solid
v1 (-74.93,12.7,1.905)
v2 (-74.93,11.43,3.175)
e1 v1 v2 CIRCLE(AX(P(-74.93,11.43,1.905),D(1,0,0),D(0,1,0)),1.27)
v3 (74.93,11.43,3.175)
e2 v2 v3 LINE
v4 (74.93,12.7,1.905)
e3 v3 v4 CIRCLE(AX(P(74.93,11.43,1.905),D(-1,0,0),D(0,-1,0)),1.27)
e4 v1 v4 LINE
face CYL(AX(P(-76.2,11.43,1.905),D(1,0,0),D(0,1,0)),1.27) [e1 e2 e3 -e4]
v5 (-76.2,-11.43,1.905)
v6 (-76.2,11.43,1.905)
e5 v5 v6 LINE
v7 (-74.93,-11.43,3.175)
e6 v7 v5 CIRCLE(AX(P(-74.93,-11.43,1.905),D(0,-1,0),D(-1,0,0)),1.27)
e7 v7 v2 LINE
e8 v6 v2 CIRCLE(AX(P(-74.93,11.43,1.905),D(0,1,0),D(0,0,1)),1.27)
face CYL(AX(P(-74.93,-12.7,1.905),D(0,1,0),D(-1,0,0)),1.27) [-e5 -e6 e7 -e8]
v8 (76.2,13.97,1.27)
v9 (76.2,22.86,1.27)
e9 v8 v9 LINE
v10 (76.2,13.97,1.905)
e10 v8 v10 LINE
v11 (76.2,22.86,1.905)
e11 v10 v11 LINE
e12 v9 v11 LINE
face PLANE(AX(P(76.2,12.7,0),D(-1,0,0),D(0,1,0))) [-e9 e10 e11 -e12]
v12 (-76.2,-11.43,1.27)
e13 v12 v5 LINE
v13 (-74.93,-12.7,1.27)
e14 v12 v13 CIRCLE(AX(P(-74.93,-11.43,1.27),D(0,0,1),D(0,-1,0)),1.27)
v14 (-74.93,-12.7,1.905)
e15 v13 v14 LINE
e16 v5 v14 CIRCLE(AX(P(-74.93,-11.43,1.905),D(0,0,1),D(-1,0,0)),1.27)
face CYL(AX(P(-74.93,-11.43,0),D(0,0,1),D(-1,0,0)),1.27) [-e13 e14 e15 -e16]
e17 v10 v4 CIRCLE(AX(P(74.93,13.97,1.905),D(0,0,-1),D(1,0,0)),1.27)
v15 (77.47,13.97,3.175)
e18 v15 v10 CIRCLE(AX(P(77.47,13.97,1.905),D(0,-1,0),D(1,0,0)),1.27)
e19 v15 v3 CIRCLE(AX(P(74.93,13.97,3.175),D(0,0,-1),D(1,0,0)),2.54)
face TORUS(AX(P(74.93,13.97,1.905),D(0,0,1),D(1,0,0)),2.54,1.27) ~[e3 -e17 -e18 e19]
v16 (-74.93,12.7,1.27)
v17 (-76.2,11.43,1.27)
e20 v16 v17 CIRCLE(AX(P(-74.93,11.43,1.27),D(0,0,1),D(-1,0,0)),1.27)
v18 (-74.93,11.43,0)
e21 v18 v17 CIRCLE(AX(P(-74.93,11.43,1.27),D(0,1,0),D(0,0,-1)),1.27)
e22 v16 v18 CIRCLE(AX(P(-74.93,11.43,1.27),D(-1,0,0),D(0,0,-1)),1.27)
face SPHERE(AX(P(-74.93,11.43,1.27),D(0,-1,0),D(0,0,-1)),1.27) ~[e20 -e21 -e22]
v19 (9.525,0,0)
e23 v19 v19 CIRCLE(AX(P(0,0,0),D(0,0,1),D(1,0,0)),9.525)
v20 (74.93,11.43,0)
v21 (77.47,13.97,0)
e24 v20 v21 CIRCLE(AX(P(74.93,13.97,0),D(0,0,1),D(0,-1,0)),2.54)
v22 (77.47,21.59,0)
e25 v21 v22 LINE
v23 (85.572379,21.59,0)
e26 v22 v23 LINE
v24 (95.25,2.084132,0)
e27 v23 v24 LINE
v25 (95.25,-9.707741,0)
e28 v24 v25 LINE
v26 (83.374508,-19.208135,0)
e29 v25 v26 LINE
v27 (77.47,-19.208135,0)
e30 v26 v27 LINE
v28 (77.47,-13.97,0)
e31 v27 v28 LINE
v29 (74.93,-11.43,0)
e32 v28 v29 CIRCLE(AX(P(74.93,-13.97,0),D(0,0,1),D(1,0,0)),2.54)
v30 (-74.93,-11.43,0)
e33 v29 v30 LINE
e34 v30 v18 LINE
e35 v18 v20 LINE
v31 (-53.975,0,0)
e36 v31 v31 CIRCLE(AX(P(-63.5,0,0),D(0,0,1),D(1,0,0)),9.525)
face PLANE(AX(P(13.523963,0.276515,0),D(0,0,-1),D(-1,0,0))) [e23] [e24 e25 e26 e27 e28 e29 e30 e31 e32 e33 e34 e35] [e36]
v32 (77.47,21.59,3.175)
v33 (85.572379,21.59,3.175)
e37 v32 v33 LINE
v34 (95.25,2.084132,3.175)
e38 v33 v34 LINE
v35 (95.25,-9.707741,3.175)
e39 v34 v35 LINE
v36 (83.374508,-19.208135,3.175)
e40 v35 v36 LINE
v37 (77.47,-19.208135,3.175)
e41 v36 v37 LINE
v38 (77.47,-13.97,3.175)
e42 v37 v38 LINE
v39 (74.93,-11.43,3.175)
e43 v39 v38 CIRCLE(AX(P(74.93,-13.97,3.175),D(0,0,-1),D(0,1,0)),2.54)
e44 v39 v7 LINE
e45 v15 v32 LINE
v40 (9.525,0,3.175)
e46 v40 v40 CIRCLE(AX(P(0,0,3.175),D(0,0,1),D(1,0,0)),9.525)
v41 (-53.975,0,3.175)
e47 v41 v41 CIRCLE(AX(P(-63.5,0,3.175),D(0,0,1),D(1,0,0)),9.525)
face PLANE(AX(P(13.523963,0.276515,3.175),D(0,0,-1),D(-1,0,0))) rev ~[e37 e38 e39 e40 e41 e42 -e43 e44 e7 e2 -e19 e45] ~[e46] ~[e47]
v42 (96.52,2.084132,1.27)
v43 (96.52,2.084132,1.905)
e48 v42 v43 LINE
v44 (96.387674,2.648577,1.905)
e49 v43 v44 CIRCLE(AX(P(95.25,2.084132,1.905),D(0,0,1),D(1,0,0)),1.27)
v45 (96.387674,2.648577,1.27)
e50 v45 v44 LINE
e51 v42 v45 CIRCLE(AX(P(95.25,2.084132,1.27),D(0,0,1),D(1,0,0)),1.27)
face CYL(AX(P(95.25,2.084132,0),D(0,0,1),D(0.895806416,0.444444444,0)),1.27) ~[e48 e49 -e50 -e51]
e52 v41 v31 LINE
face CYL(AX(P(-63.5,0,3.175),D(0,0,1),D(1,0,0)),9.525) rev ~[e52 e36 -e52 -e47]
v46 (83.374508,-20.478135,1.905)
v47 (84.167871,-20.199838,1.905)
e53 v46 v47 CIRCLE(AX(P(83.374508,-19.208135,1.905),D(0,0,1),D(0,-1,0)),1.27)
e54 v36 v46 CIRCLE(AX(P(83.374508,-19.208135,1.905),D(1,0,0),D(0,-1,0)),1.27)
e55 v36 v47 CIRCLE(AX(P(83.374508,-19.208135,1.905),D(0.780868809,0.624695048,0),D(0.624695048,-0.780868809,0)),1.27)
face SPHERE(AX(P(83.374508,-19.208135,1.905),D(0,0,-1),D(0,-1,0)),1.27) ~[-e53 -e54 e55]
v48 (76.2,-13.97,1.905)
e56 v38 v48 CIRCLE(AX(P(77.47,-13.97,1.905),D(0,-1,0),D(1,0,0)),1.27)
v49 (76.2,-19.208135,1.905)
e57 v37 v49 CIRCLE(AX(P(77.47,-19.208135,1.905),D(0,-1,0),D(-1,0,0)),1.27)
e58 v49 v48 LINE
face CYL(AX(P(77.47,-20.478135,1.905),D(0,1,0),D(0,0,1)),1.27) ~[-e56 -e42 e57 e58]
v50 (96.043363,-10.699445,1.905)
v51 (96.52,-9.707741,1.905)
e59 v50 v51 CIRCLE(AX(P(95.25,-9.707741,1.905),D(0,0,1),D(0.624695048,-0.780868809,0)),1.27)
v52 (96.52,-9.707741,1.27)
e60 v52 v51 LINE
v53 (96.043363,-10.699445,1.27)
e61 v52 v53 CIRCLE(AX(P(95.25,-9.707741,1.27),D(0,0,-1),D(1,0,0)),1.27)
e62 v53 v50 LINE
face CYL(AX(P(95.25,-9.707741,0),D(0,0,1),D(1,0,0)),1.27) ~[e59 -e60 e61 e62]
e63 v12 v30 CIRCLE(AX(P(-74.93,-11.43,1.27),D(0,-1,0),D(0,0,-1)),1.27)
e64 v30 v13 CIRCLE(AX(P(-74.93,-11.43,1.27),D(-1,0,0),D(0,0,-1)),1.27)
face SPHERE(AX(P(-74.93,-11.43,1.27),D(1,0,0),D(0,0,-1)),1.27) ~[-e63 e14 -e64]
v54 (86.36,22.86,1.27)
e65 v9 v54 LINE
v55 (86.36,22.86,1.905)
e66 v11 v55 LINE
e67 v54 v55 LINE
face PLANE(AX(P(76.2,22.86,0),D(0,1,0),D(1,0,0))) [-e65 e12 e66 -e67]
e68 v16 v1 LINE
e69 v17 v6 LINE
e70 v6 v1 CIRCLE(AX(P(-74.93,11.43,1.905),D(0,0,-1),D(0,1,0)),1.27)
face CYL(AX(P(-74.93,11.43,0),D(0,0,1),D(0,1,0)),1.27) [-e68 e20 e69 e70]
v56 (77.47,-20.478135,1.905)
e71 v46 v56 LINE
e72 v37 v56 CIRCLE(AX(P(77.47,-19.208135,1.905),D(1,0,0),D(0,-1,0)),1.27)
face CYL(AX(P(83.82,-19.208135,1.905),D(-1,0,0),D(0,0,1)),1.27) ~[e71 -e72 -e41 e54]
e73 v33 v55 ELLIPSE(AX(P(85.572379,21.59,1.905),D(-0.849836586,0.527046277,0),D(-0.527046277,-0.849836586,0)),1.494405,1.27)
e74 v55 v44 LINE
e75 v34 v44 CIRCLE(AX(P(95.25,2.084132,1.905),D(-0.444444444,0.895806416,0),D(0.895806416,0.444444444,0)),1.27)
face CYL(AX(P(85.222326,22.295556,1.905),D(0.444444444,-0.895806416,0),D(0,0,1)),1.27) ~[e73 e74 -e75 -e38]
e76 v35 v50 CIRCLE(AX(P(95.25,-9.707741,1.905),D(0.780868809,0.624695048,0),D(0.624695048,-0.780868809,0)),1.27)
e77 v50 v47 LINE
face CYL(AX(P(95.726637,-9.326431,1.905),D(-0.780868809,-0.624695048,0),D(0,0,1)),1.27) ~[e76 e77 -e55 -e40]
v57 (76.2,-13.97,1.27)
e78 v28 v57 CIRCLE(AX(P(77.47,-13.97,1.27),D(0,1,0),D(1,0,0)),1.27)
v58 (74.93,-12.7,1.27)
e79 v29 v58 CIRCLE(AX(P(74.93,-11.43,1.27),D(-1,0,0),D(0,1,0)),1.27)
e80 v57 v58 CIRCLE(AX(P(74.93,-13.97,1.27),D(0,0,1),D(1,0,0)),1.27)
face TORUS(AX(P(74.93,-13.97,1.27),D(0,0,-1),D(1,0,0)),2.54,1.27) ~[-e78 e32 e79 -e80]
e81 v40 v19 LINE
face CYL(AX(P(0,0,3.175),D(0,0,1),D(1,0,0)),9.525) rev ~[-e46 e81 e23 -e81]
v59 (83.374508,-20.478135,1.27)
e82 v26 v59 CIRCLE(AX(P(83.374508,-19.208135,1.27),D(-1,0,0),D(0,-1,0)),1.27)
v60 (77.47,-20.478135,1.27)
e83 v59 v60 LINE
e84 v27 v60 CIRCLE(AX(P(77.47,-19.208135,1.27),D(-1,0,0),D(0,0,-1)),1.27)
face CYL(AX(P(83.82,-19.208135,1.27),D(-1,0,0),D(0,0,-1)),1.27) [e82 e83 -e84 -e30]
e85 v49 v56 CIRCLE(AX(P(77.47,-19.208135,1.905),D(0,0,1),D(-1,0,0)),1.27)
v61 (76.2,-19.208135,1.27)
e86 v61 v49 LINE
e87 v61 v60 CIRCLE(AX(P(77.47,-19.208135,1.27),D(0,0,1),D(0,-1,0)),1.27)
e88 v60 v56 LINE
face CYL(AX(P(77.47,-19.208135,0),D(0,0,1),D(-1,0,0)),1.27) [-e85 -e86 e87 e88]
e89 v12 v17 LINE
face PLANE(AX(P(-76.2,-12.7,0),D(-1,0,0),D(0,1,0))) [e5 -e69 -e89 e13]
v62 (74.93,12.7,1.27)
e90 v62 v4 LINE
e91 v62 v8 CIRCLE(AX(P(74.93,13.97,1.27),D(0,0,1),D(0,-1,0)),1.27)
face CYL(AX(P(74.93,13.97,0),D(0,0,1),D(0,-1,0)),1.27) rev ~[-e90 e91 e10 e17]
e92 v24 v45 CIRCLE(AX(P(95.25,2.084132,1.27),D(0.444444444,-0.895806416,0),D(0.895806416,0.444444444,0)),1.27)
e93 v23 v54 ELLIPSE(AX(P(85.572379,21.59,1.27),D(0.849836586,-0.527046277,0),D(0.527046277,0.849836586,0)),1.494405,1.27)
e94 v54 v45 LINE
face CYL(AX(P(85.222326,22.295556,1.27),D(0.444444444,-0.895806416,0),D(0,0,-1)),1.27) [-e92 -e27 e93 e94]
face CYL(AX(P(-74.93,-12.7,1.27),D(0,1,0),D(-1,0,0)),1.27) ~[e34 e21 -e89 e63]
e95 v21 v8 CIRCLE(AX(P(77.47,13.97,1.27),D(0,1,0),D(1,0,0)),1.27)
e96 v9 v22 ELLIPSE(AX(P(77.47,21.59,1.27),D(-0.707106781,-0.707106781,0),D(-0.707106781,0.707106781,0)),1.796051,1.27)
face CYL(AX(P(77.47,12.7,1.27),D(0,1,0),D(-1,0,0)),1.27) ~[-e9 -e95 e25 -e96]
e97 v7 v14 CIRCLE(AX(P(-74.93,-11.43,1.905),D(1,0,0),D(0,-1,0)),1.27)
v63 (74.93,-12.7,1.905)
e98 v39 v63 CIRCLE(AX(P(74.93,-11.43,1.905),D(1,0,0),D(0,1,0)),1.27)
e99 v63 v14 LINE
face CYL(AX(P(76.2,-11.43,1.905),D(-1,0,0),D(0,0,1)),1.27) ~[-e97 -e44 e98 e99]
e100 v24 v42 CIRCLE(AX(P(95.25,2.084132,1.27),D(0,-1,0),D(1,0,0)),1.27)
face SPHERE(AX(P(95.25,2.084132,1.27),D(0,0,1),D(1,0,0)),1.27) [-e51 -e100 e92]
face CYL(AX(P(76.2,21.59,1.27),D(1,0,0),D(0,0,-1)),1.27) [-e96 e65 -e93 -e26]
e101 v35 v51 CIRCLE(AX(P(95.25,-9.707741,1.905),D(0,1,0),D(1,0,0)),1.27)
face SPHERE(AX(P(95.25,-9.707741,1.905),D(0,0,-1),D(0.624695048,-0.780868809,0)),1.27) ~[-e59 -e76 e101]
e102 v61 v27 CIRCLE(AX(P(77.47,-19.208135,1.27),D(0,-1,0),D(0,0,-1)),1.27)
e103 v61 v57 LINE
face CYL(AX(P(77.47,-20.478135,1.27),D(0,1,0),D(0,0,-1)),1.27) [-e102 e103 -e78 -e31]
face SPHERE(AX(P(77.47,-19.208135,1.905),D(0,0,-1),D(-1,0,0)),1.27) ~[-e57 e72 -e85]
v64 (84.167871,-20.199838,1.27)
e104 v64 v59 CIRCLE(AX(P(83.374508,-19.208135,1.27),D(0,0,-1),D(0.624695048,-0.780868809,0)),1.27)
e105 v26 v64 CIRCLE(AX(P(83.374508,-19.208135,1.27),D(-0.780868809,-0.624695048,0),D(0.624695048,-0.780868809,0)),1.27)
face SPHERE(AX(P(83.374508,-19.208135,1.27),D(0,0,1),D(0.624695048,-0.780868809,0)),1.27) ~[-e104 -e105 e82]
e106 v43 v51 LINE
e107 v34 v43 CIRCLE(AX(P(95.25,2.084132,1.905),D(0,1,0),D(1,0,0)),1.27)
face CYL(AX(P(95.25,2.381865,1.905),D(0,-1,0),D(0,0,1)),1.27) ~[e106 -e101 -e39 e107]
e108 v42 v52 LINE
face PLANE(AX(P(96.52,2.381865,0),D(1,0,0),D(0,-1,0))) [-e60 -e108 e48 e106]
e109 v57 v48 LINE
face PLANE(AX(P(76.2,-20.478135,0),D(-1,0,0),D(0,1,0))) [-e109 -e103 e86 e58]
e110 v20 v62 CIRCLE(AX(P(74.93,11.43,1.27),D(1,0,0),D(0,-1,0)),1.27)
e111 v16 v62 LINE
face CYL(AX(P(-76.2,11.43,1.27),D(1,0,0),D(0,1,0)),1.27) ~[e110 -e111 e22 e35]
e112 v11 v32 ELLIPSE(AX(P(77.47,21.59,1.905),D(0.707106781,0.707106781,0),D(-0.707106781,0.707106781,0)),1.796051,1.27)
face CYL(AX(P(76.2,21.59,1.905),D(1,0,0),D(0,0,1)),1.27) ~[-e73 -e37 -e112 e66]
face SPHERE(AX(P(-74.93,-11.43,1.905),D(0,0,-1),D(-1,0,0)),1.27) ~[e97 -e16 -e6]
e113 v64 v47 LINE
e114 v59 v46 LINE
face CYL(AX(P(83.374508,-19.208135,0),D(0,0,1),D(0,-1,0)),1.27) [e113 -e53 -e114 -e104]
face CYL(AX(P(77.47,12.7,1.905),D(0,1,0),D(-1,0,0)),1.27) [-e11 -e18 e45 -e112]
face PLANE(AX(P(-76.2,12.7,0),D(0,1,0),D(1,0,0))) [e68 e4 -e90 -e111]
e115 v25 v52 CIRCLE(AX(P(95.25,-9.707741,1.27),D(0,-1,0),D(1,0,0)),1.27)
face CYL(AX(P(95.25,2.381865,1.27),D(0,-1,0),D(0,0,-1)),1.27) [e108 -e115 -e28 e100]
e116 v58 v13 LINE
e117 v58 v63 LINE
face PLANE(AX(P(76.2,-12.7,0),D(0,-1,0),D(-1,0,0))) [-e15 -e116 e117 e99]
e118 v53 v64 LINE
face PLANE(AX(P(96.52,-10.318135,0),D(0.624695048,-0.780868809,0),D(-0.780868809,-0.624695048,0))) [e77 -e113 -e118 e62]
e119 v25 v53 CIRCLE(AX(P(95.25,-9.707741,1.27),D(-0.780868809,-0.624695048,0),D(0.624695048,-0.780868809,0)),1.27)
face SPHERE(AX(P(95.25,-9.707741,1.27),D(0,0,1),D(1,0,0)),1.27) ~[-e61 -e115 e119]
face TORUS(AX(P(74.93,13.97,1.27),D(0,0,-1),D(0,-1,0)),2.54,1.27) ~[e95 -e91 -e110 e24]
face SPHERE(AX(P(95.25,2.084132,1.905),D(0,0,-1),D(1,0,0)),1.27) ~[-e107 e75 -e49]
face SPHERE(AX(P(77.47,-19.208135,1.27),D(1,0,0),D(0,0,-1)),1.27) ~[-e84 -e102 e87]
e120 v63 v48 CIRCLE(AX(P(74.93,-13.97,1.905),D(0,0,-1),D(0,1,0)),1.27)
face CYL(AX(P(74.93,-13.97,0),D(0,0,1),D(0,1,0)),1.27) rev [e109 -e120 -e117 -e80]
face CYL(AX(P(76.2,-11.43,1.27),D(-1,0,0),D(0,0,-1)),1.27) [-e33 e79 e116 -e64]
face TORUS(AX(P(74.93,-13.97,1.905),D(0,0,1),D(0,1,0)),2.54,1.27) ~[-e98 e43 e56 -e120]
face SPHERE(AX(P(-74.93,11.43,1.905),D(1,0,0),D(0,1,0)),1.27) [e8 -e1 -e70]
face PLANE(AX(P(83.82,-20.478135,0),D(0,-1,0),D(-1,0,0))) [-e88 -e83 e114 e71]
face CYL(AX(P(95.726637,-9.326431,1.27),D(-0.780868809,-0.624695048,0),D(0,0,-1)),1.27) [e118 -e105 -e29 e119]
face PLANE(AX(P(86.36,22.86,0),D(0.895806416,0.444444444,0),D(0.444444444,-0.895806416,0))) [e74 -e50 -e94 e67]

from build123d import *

# Parameters (mm, degrees)
BOSS_EXTRUDE1_DEPTH = 3.175
SKETCH2_R           = 9.525
CUT_EXTRUDE1_DEPTH  = 4.175
FILLET1_R           = 1.27


with BuildPart() as part:
    # Sketch1 → Boss-Extrude1 (new body)
    with BuildSketch(Plane.XY):
        Polygon((-76.2, 12.7), (76.2, 12.7), (76.2, 22.86), (86.36, 22.86), (96.52, 2.381865319), (96.52, -10.318134681), (83.82, -20.478134681), (76.2, -20.478134681), (76.2, -12.7), (-76.2, -12.7), align=None)
    extrude(amount=BOSS_EXTRUDE1_DEPTH)

    # Sketch2 → Cut-Extrude1 (cut, through all)
    with BuildSketch(Plane.XY.offset(3.175)):
        with Locations((-63.5, 0)):
            Circle(SKETCH2_R)
        Circle(SKETCH2_R)
    extrude(amount=-CUT_EXTRUDE1_DEPTH, mode=Mode.SUBTRACT)

    # Fillet1
    fillet1_edges = [part.edges().sort_by_distance(p)[0] for p in [
        (96.52, -3.968134681, 0),
        (90.17, -15.398134681, 0),
        (80.01, -20.478134681, 0),
        (76.2, -16.58906734, 0),
        (0, -12.7, 0),
        (-76.2, 0, 0),
        (0, 12.7, 0),
        (76.2, 17.78, 3.175),
        (76.2, 17.78, 0),
        (81.28, 22.86, 0),
        (91.44, 12.62093266, 0),
        (0, 12.7, 3.175),
        (96.52, 2.381865319, 1.5875),
        (96.52, -10.318134681, 1.5875),
        (83.82, -20.478134681, 1.5875),
        (76.2, -20.478134681, 1.5875),
        (76.2, -12.7, 1.5875),
        (-76.2, -12.7, 1.5875),
        (-76.2, 12.7, 1.5875),
        (76.2, 12.7, 1.5875),
        (-76.2, 0, 3.175),
        (0, -12.7, 3.175),
        (76.2, -16.58906734, 3.175),
        (80.01, -20.478134681, 3.175),
        (90.17, -15.398134681, 3.175),
        (96.52, -3.968134681, 3.175),
        (91.44, 12.62093266, 3.175),
        (81.28, 22.86, 3.175),
    ]]
    fillet(fillet1_edges, radius=FILLET1_R)


solid = part.part
